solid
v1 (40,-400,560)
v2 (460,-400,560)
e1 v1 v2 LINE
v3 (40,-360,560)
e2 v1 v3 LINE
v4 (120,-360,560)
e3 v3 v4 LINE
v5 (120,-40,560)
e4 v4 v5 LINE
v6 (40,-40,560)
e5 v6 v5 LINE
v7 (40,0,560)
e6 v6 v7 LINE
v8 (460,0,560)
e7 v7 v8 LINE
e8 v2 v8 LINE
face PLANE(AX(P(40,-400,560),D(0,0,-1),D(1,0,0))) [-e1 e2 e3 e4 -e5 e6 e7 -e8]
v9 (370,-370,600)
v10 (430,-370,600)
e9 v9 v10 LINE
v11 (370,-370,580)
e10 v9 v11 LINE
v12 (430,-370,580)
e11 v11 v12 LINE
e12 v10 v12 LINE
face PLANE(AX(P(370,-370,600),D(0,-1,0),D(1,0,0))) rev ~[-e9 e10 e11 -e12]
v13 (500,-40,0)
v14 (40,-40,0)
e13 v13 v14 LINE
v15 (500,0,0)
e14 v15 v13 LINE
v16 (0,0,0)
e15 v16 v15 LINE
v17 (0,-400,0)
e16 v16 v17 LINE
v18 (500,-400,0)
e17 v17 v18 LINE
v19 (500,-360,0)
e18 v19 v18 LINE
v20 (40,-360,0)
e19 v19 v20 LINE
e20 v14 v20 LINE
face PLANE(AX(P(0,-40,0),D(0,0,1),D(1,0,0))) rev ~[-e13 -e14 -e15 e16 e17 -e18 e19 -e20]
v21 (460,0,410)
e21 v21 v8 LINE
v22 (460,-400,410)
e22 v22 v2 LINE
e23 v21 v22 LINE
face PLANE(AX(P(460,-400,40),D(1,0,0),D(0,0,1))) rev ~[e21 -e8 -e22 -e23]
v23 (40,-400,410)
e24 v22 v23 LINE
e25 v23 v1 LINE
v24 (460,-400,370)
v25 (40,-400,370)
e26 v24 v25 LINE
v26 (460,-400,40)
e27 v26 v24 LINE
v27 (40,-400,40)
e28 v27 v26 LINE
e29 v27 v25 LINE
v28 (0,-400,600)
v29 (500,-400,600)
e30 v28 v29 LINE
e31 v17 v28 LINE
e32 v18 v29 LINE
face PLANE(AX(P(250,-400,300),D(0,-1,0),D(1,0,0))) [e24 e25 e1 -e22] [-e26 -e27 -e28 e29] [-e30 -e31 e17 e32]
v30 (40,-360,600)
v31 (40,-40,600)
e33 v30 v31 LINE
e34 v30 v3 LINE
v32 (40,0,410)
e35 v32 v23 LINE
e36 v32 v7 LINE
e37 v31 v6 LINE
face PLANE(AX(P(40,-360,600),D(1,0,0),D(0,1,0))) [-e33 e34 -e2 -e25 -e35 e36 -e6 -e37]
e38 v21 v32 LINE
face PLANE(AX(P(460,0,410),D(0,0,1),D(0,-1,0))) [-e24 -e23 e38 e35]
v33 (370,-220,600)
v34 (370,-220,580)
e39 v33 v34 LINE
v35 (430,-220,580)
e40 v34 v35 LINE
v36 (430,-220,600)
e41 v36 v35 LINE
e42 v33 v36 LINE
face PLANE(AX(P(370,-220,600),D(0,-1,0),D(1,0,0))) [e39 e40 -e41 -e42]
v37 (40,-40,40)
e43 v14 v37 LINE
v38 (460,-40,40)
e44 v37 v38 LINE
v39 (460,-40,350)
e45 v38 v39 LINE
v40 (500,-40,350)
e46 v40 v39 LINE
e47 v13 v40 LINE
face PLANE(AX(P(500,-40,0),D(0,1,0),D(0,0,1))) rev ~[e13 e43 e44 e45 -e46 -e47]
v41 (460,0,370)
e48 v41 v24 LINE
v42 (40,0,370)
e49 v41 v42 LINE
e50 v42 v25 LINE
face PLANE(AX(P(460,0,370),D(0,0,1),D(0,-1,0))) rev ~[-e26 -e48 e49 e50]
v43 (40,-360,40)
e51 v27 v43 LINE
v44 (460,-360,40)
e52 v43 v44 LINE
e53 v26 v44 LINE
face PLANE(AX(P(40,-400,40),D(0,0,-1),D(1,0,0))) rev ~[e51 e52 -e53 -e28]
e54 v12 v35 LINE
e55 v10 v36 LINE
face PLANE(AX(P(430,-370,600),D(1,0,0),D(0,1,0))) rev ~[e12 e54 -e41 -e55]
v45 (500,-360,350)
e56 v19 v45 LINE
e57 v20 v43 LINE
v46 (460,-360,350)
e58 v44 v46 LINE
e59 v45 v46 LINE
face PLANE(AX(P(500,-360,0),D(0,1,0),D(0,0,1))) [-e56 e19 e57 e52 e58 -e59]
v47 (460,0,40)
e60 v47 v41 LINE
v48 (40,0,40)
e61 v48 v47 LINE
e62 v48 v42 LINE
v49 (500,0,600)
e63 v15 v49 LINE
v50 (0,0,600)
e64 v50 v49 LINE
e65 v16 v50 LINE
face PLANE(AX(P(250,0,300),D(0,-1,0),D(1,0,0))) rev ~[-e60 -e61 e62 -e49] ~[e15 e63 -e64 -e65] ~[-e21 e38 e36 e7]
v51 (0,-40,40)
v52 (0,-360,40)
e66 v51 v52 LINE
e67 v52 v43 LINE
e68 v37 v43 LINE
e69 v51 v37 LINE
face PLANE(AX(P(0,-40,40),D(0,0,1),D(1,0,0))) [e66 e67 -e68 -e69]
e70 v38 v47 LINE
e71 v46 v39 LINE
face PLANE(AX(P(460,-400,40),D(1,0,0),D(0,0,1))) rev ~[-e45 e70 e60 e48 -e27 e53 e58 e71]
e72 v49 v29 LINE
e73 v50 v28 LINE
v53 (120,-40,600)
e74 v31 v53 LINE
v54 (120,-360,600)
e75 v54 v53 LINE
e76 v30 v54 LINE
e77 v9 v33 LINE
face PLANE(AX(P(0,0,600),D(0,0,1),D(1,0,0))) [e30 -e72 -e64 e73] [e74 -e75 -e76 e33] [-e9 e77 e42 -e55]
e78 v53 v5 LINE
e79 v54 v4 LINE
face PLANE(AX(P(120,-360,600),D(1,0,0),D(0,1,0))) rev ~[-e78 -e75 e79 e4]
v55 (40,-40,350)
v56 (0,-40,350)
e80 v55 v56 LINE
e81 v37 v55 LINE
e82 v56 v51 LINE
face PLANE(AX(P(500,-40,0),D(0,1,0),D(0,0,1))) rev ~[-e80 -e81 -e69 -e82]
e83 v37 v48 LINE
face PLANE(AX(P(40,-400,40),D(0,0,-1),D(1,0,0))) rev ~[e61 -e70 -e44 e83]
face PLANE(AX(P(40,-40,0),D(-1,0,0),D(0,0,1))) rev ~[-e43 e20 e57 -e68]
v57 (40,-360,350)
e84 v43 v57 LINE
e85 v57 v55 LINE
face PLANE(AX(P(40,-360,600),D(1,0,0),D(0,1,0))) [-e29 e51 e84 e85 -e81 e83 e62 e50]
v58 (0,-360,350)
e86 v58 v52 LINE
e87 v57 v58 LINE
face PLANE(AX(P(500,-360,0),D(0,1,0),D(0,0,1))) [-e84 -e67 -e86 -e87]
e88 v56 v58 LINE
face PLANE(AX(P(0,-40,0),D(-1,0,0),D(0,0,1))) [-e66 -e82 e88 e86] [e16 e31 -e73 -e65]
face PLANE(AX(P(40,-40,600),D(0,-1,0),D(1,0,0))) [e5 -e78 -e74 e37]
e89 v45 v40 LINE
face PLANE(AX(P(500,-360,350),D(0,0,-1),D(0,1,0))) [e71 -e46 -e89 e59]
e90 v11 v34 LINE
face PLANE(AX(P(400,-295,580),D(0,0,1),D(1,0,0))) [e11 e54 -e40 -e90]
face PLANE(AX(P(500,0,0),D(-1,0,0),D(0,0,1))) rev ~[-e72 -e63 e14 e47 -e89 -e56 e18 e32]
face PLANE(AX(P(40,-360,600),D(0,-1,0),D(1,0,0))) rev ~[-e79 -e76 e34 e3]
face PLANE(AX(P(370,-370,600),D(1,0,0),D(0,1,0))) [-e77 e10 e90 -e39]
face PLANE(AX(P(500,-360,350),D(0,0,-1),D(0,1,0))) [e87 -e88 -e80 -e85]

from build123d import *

# Parameters (mm, degrees)
F0_W      = 500
F0_H      = 600
F1_DEPTH  = 400
F3_W      = 80
F3_H      = 320
F4_DEPTH  = 200
F5_W      = 420
F5_H      = 520
F6_DEPTH  = 400
F7_W      = 400
F7_H      = 40
F8_DEPTH  = 420
F9_W      = 60
F9_H      = 150
F10_DEPTH = 20
F11_W     = 320
F11_H     = 350
F12_DEPTH = 625
F13_W     = 40
F13_H     = 40
F14_DEPTH = 325


with BuildPart() as f1:
    # F0 (on Front) → F1 (new body)
    with BuildSketch(Plane.XZ):
        with Locations((250, 300)):
            Rectangle(F0_W, F0_H)
    extrude(amount=F1_DEPTH)

    # F3 (on face) → F4 (cut)
    with BuildSketch(Plane.XY.offset(600)):
        with Locations((80, -200)):
            Rectangle(F3_W, F3_H)
    extrude(amount=-F4_DEPTH, mode=Mode.SUBTRACT)

    # F5 (on face) → F6 (cut)
    with BuildSketch(Plane.XZ.offset(400)):
        with Locations((250, 300)):
            Rectangle(F5_W, F5_H)
    extrude(amount=-F6_DEPTH, mode=Mode.SUBTRACT)

    # F7 (on face) → F8 (join)
    with BuildSketch(Plane(origin=(460, 0, 0), x_dir=(0, -1, 0), z_dir=(-1, 0, 0))):
        with Locations((200, 390)):
            Rectangle(F7_W, F7_H)
    extrude(amount=F8_DEPTH)

    # F9 (on face) → F10 (cut)
    with BuildSketch(Plane.XY.offset(600)):
        with Locations((400, -295)):
            Rectangle(F9_W, F9_H)
    extrude(amount=-F10_DEPTH, mode=Mode.SUBTRACT)

    # F11 (on face) → F12 (cut)
    with BuildSketch(Plane.YZ.offset(500)):
        with Locations((-200, 175)):
            Rectangle(F11_W, F11_H)
    extrude(amount=-F12_DEPTH, mode=Mode.SUBTRACT)

    # F13 (on face) → F14 (join)
    with BuildSketch(Plane.XZ.offset(40)):
        with Locations((20, 20)):
            Rectangle(F13_W, F13_H)
    extrude(amount=F14_DEPTH)


solid = f1.part
